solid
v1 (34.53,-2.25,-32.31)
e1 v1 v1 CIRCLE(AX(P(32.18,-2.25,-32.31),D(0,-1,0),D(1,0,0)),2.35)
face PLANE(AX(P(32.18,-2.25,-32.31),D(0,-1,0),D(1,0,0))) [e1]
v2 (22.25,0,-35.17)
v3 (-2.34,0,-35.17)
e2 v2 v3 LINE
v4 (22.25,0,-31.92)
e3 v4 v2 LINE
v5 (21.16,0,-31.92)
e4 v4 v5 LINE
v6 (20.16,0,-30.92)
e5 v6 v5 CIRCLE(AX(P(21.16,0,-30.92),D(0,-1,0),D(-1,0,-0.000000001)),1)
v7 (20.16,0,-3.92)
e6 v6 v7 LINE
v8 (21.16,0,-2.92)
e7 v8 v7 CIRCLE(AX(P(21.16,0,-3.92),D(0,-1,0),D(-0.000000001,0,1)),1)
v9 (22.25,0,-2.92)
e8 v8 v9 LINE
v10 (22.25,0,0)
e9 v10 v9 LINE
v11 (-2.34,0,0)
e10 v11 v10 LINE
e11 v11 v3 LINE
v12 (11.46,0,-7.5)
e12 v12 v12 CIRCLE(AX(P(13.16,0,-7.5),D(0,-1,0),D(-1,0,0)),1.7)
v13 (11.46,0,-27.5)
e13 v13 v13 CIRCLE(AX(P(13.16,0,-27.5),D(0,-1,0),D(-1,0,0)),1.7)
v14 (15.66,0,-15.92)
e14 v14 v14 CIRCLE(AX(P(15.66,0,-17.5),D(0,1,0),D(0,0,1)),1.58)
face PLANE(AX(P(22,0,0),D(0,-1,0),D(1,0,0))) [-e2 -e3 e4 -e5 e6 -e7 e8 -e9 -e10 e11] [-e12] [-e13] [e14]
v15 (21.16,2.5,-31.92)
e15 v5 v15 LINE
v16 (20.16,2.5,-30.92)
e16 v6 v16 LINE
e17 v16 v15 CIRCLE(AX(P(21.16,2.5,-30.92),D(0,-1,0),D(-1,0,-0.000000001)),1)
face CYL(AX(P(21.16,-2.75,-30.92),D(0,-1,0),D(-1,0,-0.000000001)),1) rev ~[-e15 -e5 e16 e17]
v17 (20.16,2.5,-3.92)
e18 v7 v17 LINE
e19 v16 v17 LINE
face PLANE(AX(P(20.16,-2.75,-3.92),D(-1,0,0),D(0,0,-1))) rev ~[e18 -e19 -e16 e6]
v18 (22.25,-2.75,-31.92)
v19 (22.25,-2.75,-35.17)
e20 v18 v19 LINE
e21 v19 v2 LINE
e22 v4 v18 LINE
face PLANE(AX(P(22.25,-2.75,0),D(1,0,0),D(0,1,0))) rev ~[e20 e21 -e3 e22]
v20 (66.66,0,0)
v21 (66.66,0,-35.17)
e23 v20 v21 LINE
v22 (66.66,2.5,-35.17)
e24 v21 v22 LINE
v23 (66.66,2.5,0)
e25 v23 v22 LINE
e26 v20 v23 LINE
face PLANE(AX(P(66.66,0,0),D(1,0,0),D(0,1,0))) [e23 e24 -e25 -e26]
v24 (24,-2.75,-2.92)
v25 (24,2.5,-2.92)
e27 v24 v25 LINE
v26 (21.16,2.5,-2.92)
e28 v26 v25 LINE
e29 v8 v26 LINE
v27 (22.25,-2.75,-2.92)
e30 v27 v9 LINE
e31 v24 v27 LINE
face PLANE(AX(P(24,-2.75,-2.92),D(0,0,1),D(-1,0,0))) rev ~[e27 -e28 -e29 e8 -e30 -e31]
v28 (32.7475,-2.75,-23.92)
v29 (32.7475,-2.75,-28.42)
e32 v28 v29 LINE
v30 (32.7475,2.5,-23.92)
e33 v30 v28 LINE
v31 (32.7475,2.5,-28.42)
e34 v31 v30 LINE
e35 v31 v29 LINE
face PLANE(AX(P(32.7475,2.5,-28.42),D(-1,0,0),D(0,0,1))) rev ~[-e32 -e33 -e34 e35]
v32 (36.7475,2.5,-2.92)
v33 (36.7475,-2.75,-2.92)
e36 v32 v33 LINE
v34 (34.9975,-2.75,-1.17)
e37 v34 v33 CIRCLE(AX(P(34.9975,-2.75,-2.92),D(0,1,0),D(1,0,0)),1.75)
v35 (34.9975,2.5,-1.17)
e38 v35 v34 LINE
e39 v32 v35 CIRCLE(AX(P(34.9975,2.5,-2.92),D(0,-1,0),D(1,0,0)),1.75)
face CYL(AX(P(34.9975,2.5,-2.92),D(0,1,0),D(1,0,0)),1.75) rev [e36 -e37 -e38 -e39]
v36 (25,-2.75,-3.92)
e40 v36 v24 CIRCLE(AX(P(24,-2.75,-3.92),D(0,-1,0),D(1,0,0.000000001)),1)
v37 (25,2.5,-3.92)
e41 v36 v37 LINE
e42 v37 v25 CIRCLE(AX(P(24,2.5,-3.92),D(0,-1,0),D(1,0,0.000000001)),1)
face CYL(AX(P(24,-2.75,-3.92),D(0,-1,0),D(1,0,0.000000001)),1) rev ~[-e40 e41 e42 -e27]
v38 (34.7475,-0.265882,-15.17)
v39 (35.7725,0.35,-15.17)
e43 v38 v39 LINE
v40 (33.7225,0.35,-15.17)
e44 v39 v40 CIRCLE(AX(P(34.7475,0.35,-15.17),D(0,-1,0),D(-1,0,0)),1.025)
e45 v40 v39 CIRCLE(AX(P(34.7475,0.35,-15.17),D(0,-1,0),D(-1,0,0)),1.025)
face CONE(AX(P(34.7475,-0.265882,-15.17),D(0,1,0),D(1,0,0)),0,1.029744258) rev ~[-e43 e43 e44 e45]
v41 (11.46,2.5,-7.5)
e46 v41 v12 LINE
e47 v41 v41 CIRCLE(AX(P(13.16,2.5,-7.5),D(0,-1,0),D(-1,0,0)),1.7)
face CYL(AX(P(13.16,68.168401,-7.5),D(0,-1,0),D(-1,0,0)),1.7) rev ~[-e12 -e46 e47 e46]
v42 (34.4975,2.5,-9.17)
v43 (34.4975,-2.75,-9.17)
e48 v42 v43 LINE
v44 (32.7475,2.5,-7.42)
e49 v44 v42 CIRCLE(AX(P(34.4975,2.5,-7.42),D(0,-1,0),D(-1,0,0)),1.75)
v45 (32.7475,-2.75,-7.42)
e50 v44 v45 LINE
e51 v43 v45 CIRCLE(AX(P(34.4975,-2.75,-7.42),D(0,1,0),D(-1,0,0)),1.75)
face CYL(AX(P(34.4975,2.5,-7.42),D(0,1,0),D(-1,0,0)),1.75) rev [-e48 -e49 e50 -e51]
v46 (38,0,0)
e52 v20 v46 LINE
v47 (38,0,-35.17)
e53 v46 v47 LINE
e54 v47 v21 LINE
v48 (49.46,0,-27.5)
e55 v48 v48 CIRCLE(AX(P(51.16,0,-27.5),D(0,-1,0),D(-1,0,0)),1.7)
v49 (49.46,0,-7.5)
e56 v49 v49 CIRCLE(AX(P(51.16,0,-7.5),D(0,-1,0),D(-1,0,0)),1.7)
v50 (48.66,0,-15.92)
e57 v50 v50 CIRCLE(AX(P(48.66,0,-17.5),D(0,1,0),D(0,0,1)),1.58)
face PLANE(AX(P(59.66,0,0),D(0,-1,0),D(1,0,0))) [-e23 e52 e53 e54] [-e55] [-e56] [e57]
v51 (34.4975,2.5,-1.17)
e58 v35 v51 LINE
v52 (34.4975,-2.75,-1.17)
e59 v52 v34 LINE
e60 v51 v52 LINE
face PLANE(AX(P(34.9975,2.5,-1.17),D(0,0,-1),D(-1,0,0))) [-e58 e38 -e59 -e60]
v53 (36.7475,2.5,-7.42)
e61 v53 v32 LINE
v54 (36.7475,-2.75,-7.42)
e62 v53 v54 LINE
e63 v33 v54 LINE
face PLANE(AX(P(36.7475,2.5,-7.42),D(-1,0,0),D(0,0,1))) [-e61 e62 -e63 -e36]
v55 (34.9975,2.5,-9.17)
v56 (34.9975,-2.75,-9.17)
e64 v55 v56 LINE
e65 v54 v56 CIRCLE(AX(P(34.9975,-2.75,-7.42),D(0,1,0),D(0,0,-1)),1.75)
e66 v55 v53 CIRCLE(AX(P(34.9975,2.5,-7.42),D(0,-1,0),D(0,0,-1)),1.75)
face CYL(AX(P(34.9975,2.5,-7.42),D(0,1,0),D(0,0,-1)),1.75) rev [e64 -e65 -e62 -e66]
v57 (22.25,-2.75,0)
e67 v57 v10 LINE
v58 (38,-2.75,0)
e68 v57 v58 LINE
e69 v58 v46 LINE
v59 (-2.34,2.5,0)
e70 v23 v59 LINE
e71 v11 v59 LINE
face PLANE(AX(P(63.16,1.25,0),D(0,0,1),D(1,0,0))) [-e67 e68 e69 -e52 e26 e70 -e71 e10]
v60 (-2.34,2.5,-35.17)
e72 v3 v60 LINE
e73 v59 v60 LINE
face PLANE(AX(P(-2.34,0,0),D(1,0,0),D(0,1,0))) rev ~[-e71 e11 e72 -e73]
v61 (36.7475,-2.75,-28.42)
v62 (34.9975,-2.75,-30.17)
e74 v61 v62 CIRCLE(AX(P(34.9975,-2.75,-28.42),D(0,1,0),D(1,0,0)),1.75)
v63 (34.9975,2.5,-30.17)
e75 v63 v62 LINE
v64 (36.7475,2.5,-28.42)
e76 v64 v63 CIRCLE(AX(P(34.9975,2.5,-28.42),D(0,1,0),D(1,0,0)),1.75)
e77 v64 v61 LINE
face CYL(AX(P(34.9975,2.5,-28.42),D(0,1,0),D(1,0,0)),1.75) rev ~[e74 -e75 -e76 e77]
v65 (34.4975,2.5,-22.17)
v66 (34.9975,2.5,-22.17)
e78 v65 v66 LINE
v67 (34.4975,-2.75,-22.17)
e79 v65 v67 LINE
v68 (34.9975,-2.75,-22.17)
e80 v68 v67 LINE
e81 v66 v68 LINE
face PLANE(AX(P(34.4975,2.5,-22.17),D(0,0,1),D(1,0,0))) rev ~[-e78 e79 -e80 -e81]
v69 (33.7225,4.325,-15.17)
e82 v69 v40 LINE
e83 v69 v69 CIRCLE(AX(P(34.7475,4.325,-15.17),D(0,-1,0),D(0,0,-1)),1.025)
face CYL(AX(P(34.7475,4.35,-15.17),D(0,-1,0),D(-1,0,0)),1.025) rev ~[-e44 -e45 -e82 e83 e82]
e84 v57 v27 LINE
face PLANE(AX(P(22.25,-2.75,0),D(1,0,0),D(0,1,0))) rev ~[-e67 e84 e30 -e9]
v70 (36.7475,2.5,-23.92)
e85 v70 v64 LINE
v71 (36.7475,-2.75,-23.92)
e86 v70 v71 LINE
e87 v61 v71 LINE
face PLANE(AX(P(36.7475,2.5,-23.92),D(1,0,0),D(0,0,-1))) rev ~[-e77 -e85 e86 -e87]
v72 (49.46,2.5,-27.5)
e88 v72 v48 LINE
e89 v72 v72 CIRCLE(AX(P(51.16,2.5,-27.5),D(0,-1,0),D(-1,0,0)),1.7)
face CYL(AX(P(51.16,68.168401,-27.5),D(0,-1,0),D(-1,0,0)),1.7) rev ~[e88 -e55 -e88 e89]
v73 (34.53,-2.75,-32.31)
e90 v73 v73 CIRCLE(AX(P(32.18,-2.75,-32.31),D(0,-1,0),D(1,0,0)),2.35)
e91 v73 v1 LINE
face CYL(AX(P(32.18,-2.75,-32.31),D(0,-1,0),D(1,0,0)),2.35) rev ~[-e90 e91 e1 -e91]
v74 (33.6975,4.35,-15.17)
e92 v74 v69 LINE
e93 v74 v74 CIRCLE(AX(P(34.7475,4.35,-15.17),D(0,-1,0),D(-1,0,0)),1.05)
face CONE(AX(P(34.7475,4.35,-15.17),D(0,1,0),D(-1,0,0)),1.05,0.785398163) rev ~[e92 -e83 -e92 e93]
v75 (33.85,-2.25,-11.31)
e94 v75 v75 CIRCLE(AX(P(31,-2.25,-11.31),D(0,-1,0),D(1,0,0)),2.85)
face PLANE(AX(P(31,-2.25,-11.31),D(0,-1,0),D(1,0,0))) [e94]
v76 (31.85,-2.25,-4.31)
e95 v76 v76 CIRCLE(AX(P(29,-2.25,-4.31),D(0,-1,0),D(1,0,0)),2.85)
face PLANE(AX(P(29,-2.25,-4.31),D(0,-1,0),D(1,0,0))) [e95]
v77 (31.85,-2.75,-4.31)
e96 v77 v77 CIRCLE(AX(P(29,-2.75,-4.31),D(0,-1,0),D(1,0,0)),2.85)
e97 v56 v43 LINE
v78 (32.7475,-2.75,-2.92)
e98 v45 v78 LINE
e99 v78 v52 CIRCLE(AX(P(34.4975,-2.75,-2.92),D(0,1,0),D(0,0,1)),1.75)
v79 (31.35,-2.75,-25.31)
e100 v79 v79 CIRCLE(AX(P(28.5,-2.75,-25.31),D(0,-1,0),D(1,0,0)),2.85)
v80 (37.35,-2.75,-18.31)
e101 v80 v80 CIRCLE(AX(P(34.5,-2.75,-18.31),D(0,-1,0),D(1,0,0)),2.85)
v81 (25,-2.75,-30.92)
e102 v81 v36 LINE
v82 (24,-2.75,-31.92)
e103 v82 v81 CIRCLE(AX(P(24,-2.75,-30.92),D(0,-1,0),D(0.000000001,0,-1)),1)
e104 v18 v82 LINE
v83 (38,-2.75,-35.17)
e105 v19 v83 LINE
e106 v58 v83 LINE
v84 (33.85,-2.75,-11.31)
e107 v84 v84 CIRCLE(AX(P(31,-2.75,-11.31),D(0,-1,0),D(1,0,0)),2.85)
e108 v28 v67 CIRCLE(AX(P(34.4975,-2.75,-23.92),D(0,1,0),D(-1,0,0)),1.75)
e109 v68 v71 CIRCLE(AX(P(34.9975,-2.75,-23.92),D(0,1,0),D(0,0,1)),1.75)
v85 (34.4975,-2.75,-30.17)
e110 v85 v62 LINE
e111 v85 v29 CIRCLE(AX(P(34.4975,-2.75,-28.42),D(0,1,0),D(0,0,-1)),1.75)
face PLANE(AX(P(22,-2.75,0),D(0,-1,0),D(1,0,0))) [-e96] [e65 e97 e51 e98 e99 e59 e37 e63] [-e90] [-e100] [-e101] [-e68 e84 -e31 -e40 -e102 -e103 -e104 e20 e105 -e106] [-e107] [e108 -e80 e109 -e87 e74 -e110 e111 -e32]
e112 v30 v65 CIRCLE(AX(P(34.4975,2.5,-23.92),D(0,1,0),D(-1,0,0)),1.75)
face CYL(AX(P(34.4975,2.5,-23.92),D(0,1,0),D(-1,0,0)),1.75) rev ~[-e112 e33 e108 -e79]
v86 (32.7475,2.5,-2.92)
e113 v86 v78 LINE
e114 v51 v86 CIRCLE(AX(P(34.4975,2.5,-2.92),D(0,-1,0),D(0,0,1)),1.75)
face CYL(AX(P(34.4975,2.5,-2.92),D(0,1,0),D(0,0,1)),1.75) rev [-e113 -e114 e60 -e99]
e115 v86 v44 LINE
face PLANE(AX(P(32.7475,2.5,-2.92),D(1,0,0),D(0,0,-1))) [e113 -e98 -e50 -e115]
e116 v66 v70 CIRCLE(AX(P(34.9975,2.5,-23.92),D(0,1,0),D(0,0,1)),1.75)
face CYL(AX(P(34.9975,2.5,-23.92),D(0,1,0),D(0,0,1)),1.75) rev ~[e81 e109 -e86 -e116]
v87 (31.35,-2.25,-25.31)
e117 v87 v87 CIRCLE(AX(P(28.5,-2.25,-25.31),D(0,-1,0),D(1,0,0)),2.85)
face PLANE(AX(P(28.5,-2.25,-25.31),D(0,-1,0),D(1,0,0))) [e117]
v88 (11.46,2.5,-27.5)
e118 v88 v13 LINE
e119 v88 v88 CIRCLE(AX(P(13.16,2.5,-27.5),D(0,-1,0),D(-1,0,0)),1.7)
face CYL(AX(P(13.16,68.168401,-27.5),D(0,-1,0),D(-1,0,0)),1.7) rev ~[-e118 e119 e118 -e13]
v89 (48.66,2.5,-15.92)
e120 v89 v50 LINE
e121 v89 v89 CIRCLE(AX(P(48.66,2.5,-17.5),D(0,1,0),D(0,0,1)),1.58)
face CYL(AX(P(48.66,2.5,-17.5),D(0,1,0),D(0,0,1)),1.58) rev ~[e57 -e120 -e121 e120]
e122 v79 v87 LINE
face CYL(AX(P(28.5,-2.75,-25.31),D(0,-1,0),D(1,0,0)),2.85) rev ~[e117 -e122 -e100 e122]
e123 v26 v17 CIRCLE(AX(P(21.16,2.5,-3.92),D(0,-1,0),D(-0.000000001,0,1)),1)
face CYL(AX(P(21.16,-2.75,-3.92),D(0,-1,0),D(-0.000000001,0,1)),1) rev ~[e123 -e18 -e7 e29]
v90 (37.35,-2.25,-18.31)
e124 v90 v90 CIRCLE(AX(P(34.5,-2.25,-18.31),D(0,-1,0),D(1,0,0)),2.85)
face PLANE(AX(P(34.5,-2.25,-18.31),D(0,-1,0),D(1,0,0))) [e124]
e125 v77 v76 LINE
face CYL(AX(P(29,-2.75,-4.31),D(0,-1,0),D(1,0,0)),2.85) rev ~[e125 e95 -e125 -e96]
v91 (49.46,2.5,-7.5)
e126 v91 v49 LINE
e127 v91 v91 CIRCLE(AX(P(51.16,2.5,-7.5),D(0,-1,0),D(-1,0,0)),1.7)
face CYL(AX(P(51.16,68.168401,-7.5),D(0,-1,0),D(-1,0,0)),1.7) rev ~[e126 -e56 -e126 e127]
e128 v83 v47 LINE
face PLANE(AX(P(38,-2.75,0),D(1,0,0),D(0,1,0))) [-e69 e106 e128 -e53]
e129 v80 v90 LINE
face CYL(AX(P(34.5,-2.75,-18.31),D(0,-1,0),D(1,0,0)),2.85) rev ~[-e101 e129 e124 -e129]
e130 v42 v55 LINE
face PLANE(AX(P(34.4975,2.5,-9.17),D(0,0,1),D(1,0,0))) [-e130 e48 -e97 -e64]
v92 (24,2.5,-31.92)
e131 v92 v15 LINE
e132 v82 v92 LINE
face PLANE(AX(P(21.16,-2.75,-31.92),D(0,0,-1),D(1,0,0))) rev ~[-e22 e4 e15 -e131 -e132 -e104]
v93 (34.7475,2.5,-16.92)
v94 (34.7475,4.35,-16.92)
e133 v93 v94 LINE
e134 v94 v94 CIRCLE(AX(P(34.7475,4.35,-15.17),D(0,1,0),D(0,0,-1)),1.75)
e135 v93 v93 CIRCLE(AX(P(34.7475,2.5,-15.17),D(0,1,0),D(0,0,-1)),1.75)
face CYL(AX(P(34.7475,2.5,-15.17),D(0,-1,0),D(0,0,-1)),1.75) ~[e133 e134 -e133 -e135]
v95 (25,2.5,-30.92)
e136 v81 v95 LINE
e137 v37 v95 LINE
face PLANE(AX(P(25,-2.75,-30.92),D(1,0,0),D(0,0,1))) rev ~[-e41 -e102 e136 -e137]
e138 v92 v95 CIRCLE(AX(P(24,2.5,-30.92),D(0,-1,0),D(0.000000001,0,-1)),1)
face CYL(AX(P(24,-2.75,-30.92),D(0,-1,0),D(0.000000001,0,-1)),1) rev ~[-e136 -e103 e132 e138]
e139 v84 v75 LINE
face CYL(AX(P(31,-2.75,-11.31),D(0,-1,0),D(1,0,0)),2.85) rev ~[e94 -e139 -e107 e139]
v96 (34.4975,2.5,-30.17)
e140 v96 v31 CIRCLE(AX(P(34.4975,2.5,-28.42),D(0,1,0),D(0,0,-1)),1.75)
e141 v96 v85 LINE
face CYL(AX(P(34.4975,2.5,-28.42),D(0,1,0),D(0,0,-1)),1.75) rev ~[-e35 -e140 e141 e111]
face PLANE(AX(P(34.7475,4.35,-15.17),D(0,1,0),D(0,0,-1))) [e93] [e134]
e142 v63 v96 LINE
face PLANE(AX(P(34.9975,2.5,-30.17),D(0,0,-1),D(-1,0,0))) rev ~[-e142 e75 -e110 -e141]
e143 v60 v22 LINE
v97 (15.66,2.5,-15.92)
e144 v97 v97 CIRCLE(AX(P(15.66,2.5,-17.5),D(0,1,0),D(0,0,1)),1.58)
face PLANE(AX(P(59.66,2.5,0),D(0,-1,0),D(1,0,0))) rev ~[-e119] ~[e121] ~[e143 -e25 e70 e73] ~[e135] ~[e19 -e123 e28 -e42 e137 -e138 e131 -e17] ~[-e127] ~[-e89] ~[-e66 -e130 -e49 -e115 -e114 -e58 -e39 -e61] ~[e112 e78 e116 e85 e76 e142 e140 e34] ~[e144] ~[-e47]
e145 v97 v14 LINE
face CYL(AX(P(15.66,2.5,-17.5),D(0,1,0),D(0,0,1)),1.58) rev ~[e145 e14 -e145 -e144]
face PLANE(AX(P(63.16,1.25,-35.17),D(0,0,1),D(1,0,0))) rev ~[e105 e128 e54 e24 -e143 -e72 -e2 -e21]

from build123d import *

# Parameters (mm, degrees)
SKETCH1_W                                = 60
SKETCH1_H                                = 35.17
BOSS_EXTRUDE1_DEPTH                      = 2.5
SKETCH2_W                                = 16.25
SKETCH2_H                                = 2.75
BOSS_EXTRUDE2_DEPTH                      = 35.17
CUT_EXTRUDE1_DEPTH                       = 70.745905973
CUT_EXTRUDE2_DEPTH                       = 70.745905973
SKETCH5_R                                = 1.75
BOSS_EXTRUDE3_DEPTH                      = 1.85
TAP_DRILL_FOR_M2_5X0_45_TAP1_D           = 2.05
TAP_DRILL_FOR_M2_5X0_45_TAP1_DEPTH       = 4
TAP_DRILL_FOR_M2_5X0_45_TAP1_CSINK_D     = 2.1
TAP_DRILL_FOR_M2_5X0_45_TAP1_CSINK_ANGLE = 90
TAP_DRILL_FOR_M2_5X0_45_TAP1_TIP         = 0.615882135
SKETCH14_R                               = 2.85
SKETCH14_R_2                             = 2.35
CUT_EXTRUDE4_DEPTH                       = 0.5
SKETCH15_W                               = 4.66
SKETCH15_H                               = 2.5
SKETCH15_W_2                             = 0.34
CUT_EXTRUDE5_DEPTH                       = 70.683939326
SKETCH9_R                                = 1.58
CUT_EXTRUDE3_DEPTH                       = 70.453632014
M3_CLEARANCE_HOLE1_D                     = 3.4
SKETCH17_W                               = 7
SKETCH17_H                               = 2.5
BOSS_EXTRUDE4_DEPTH                      = 35.17
SKETCH18_W                               = 0.25
SKETCH18_H                               = 2.75
CUT_EXTRUDE6_DEPTH                       = 76.494417012


with BuildPart() as part:
    # Sketch1 → Boss-Extrude1 (new body)
    with BuildSketch(Plane(origin=(0, 0, 0), x_dir=(1, 0, 0), z_dir=(0, 1, 0))):
        with Locations((30, 17.585)):
            Rectangle(SKETCH1_W, SKETCH1_H)
    extrude(amount=BOSS_EXTRUDE1_DEPTH)

    # Sketch2 → Boss-Extrude2 (add, through all)
    with BuildSketch(Plane.XY):
        with Locations((30.125, -1.375)):
            Rectangle(SKETCH2_W, SKETCH2_H)
    extrude(amount=-BOSS_EXTRUDE2_DEPTH)

    # Sketch3 → Cut-Extrude1 (cut, through all)
    with BuildSketch(Plane.XZ.offset(2.75)):
        with BuildLine():
            Line((21.16, -31.92), (24, -31.92))
            ThreePointArc((24, -31.92), (24.707106781, -31.627106781), (25, -30.92))
            Line((25, -30.92), (25, -3.92))
            ThreePointArc((25, -3.92), (24.707106781, -3.212893219), (24, -2.92))
            Line((24, -2.92), (21.16, -2.92))
            ThreePointArc((21.16, -2.92), (20.452893219, -3.212893219), (20.16, -3.92))
            Line((20.16, -3.92), (20.16, -30.92))
            ThreePointArc((20.16, -30.92), (20.452893219, -31.627106781), (21.16, -31.92))
        make_face()
    extrude(amount=-CUT_EXTRUDE1_DEPTH, mode=Mode.SUBTRACT)

    # Sketch4 → Cut-Extrude2 (cut, through all)
    with BuildSketch(Plane(origin=(0, 2.5, 0), x_dir=(1, 0, 0), z_dir=(0, 1, 0))):
        with BuildLine():
            Line((32.7475, 2.92), (32.7475, 7.42))
            ThreePointArc((32.7475, 7.42), (33.260063133, 8.657436867), (34.4975, 9.17))
            Line((34.4975, 9.17), (34.9975, 9.17))
            ThreePointArc((34.9975, 9.17), (36.234936867, 8.657436867), (36.7475, 7.42))
            Line((36.7475, 7.42), (36.7475, 2.92))
            ThreePointArc((36.7475, 2.92), (36.234936867, 1.682563133), (34.9975, 1.17))
            Line((34.9975, 1.17), (34.4975, 1.17))
            ThreePointArc((34.4975, 1.17), (33.260063133, 1.682563133), (32.7475, 2.92))
        make_face()
        with BuildLine():
            Line((32.7475, 28.42), (32.7475, 23.92))
            ThreePointArc((32.7475, 23.92), (33.260063133, 22.682563133), (34.4975, 22.17))
            Line((34.4975, 22.17), (34.9975, 22.17))
            ThreePointArc((34.9975, 22.17), (36.234936867, 22.682563133), (36.7475, 23.92))
            Line((36.7475, 23.92), (36.7475, 28.42))
            ThreePointArc((36.7475, 28.42), (36.234936867, 29.657436867), (34.9975, 30.17))
            Line((34.9975, 30.17), (34.4975, 30.17))
            ThreePointArc((34.4975, 30.17), (33.260063133, 29.657436867), (32.7475, 28.42))
        make_face()
    extrude(amount=-CUT_EXTRUDE2_DEPTH, mode=Mode.SUBTRACT)

    # Sketch5 → Boss-Extrude3 (add)
    with BuildSketch(Plane(origin=(0, 2.5, 0), x_dir=(1, 0, 0), z_dir=(0, 1, 0))):
        with Locations(Location((34.7475, 15.17, 0), (0, 0, 90))):
            Circle(SKETCH5_R)
    extrude(amount=BOSS_EXTRUDE3_DEPTH)

    # Tap Drill for M2.5x0.45 Tap1
    with Locations(Plane(origin=(0, 4.35, 0), x_dir=(1, 0, 0), z_dir=(0, 1, 0))):
        with Locations((34.7475, 15.17)):
            CounterSinkHole(TAP_DRILL_FOR_M2_5X0_45_TAP1_D / 2, TAP_DRILL_FOR_M2_5X0_45_TAP1_CSINK_D / 2, depth=TAP_DRILL_FOR_M2_5X0_45_TAP1_DEPTH, counter_sink_angle=TAP_DRILL_FOR_M2_5X0_45_TAP1_CSINK_ANGLE)
            with Locations((0, 0, -(TAP_DRILL_FOR_M2_5X0_45_TAP1_DEPTH + TAP_DRILL_FOR_M2_5X0_45_TAP1_TIP / 2))):  # 118° drill point
                Cone(0, TAP_DRILL_FOR_M2_5X0_45_TAP1_D / 2, TAP_DRILL_FOR_M2_5X0_45_TAP1_TIP, mode=Mode.SUBTRACT)

    # Sketch14 → Cut-Extrude4 (cut)
    with BuildSketch(Plane.XZ.offset(2.75)):
        with Locations((28.5, -25.31)):
            Circle(SKETCH14_R)
        with Locations((34.5, -18.31)):
            Circle(SKETCH14_R)
        with Locations((31, -11.31)):
            Circle(SKETCH14_R)
        with Locations((29, -4.31)):
            Circle(SKETCH14_R)
        with Locations((32.18, -32.31)):
            Circle(SKETCH14_R_2)
    extrude(amount=-CUT_EXTRUDE4_DEPTH, mode=Mode.SUBTRACT)

    # Sketch15 → Cut-Extrude5 (cut, through all)
    with BuildSketch(Plane(origin=(0, 0, -35.17), x_dir=(-1, 0, 0), z_dir=(0, 0, -1))):
        with Locations((-2.33, 1.25)):
            Rectangle(SKETCH15_W, SKETCH15_H)
        with Locations((-59.83, 1.25)):
            Rectangle(SKETCH15_W_2, SKETCH15_H)
    extrude(amount=-CUT_EXTRUDE5_DEPTH, mode=Mode.SUBTRACT)

    # Sketch9 → Cut-Extrude3 (cut, through all)
    with BuildSketch(Plane(origin=(0, 2.5, 0), x_dir=(1, 0, 0), z_dir=(0, 1, 0))):
        with Locations(Location((15.66, 17.5, 0), (0, 0, 270))):
            Circle(SKETCH9_R)
        with Locations(Location((48.66, 17.5, 0), (0, 0, 270))):
            Circle(SKETCH9_R)
    extrude(amount=-CUT_EXTRUDE3_DEPTH, mode=Mode.SUBTRACT)

    # M3 Clearance Hole1 (through all)
    with Locations(Plane(origin=(0, 2.5, 0), x_dir=(1, 0, 0), z_dir=(0, 1, 0))):
        with Locations((13.16, 7.5), (13.16, 27.5), (51.16, 27.5), (51.16, 7.5)):
            Hole(M3_CLEARANCE_HOLE1_D / 2)

    # Sketch17 → Boss-Extrude4 (add)
    with BuildSketch(Plane.XY):
        with Locations((63.16, 1.25)):
            Rectangle(SKETCH17_W, SKETCH17_H)
        with Locations((1.16, 1.25)):
            Rectangle(SKETCH17_W, SKETCH17_H)
    extrude(amount=-BOSS_EXTRUDE4_DEPTH)

    # Sketch18 → Cut-Extrude6 (cut, through all)
    with BuildSketch(Plane.XY):
        with Locations((38.125, -1.375)):
            Rectangle(SKETCH18_W, SKETCH18_H)
        with Locations((22.125, -1.375)):
            Rectangle(SKETCH18_W, SKETCH18_H)
    extrude(amount=-CUT_EXTRUDE6_DEPTH, mode=Mode.SUBTRACT)


solid = part.part
